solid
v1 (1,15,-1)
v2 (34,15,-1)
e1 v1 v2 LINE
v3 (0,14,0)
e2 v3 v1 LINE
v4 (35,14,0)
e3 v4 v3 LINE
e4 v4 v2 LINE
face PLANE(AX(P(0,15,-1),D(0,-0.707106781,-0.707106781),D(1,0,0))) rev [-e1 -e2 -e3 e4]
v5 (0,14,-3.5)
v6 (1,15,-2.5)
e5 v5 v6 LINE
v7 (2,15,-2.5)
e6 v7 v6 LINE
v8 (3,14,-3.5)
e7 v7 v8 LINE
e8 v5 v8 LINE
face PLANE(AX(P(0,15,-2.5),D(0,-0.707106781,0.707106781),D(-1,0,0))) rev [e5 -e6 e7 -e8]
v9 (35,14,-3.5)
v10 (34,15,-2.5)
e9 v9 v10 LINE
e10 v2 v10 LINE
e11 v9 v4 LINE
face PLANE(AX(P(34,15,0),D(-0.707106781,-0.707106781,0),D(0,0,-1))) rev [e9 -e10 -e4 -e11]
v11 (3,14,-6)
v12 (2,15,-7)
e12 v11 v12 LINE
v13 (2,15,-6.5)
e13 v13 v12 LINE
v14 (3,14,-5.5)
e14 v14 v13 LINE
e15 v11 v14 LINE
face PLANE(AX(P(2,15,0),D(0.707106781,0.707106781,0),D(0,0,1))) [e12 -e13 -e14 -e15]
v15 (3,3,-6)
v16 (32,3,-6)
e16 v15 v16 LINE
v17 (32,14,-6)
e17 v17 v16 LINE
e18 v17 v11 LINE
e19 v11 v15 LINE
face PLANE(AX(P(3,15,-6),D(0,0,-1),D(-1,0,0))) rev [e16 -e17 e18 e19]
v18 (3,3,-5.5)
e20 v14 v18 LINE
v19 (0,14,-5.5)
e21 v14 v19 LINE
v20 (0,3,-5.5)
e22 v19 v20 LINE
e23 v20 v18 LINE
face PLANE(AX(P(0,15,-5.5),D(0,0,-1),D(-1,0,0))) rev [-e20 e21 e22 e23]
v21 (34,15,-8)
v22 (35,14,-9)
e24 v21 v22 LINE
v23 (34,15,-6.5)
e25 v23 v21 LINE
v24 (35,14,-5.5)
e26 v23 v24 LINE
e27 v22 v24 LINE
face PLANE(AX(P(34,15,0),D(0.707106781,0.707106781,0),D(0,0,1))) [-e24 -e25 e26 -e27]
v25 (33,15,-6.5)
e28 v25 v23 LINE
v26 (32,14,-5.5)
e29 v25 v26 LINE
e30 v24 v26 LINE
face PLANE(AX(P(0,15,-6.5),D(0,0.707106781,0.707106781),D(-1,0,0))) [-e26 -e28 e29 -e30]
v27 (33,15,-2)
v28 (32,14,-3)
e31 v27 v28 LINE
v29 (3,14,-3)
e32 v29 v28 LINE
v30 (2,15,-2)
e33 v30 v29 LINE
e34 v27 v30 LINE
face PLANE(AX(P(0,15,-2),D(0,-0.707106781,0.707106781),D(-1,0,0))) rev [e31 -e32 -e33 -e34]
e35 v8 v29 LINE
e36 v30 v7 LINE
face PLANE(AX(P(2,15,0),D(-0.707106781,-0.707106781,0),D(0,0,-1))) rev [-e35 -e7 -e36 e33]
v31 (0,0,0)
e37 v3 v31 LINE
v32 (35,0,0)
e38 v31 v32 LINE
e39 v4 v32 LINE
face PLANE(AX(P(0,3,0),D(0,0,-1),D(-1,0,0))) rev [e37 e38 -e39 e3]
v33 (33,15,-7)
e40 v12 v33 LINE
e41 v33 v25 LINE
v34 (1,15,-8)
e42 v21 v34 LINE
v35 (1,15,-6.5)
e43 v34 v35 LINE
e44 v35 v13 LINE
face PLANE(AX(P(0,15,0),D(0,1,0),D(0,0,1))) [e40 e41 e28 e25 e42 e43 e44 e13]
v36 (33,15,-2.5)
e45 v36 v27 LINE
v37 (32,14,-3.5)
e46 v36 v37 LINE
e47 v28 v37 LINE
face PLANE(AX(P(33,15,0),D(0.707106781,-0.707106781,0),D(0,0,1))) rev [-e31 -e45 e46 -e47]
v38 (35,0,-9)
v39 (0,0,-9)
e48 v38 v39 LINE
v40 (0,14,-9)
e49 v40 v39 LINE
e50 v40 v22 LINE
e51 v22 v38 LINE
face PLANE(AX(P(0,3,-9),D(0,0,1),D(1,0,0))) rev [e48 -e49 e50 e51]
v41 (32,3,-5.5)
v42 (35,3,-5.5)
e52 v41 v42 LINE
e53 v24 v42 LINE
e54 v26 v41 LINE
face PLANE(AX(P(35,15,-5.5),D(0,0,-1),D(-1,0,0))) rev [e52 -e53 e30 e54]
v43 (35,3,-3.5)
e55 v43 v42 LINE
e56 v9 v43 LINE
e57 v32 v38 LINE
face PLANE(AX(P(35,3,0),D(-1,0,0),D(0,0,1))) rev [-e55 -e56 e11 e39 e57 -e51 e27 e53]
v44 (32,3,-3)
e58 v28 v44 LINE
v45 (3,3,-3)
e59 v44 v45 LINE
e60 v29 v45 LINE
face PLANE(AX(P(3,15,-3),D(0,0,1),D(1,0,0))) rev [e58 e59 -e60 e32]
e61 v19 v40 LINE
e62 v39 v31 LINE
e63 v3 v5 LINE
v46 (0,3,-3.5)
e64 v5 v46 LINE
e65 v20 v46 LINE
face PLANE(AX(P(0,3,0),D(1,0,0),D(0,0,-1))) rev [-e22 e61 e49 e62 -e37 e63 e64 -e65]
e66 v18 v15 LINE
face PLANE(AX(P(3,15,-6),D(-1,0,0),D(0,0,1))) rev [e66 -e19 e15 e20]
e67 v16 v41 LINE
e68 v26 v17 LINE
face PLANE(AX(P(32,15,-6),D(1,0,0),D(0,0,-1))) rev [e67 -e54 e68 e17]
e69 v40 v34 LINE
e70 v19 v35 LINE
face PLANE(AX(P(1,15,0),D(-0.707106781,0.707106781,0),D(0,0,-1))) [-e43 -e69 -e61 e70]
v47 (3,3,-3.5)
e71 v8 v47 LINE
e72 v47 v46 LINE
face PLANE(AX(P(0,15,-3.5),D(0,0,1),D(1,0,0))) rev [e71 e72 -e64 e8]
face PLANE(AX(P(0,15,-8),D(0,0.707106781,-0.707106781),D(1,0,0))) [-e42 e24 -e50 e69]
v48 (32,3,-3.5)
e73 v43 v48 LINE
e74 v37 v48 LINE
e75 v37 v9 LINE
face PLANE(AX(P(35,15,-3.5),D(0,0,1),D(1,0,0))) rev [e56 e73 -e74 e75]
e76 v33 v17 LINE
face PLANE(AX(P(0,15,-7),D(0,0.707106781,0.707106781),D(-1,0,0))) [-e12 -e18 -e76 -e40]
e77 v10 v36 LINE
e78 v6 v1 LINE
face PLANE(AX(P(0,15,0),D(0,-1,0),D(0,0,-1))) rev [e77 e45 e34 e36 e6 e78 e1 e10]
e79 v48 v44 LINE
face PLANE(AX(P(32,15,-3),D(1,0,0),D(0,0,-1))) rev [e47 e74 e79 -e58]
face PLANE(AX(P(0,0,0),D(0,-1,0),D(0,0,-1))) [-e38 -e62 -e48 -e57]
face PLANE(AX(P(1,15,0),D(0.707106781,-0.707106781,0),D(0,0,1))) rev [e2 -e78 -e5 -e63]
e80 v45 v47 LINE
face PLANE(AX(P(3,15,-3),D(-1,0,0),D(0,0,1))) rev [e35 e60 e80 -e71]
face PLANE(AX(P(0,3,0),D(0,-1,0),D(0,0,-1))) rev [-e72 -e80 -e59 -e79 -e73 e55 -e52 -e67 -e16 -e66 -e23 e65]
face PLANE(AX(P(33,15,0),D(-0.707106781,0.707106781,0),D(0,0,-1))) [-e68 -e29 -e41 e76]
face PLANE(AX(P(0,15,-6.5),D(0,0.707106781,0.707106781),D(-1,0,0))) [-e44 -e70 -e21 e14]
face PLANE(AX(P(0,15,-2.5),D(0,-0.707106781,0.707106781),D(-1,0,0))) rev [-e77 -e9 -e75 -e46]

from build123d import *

# Parameters (mm, degrees)
SKETCH1_W           = 35
SKETCH1_H           = 9
BOSS_EXTRUDE1_DEPTH = 3
BOSS_EXTRUDE2_DEPTH = 12
CHAMFER1_SIZE       = 1


with BuildPart() as part:
    # Sketch1 → Boss-Extrude1 (new body)
    with BuildSketch(Plane(origin=(0, 0, 0), x_dir=(1, 0, 0), z_dir=(0, 1, 0))):
        with Locations((17.5, 4.5)):
            Rectangle(SKETCH1_W, SKETCH1_H)
    extrude(amount=BOSS_EXTRUDE1_DEPTH)

    # Sketch2 → Boss-Extrude2 (add)
    with BuildSketch(Plane(origin=(0, 3, 0), x_dir=(1, 0, 0), z_dir=(0, 1, 0))):
        Polygon((0, 9), (35, 9), (35, 6), (35, 5.5), (32, 5.5), (32, 6), (3, 6), (3, 5.5), (0, 5.5), (0, 6.813124062), align=None)
        Polygon((0, 0), (35, 0), (35, 3), (35, 3.5), (32, 3.5), (32, 3), (3, 3), (3, 3.5), (0, 3.5), (0, 2.186875938), align=None)
    extrude(amount=BOSS_EXTRUDE2_DEPTH)

    # Chamfer1
    chamfer1_edges = [part.edges().sort_by_distance(p)[0] for p in [
        (0, 15, -7.25),
        (1.5, 15, -5.5),
        (3, 15, -5.75),
        (17.5, 15, -6),
        (32, 15, -5.75),
        (33.5, 15, -5.5),
        (35, 15, -7.25),
        (17.5, 15, -9),
        (0, 15, -1.75),
        (17.5, 15, 0),
        (35, 15, -1.75),
        (33.5, 15, -3.5),
        (32, 15, -3.25),
        (17.5, 15, -3),
        (3, 15, -3.25),
        (1.5, 15, -3.5),
    ]]
    chamfer(chamfer1_edges, length=CHAMFER1_SIZE)


solid = part.part
